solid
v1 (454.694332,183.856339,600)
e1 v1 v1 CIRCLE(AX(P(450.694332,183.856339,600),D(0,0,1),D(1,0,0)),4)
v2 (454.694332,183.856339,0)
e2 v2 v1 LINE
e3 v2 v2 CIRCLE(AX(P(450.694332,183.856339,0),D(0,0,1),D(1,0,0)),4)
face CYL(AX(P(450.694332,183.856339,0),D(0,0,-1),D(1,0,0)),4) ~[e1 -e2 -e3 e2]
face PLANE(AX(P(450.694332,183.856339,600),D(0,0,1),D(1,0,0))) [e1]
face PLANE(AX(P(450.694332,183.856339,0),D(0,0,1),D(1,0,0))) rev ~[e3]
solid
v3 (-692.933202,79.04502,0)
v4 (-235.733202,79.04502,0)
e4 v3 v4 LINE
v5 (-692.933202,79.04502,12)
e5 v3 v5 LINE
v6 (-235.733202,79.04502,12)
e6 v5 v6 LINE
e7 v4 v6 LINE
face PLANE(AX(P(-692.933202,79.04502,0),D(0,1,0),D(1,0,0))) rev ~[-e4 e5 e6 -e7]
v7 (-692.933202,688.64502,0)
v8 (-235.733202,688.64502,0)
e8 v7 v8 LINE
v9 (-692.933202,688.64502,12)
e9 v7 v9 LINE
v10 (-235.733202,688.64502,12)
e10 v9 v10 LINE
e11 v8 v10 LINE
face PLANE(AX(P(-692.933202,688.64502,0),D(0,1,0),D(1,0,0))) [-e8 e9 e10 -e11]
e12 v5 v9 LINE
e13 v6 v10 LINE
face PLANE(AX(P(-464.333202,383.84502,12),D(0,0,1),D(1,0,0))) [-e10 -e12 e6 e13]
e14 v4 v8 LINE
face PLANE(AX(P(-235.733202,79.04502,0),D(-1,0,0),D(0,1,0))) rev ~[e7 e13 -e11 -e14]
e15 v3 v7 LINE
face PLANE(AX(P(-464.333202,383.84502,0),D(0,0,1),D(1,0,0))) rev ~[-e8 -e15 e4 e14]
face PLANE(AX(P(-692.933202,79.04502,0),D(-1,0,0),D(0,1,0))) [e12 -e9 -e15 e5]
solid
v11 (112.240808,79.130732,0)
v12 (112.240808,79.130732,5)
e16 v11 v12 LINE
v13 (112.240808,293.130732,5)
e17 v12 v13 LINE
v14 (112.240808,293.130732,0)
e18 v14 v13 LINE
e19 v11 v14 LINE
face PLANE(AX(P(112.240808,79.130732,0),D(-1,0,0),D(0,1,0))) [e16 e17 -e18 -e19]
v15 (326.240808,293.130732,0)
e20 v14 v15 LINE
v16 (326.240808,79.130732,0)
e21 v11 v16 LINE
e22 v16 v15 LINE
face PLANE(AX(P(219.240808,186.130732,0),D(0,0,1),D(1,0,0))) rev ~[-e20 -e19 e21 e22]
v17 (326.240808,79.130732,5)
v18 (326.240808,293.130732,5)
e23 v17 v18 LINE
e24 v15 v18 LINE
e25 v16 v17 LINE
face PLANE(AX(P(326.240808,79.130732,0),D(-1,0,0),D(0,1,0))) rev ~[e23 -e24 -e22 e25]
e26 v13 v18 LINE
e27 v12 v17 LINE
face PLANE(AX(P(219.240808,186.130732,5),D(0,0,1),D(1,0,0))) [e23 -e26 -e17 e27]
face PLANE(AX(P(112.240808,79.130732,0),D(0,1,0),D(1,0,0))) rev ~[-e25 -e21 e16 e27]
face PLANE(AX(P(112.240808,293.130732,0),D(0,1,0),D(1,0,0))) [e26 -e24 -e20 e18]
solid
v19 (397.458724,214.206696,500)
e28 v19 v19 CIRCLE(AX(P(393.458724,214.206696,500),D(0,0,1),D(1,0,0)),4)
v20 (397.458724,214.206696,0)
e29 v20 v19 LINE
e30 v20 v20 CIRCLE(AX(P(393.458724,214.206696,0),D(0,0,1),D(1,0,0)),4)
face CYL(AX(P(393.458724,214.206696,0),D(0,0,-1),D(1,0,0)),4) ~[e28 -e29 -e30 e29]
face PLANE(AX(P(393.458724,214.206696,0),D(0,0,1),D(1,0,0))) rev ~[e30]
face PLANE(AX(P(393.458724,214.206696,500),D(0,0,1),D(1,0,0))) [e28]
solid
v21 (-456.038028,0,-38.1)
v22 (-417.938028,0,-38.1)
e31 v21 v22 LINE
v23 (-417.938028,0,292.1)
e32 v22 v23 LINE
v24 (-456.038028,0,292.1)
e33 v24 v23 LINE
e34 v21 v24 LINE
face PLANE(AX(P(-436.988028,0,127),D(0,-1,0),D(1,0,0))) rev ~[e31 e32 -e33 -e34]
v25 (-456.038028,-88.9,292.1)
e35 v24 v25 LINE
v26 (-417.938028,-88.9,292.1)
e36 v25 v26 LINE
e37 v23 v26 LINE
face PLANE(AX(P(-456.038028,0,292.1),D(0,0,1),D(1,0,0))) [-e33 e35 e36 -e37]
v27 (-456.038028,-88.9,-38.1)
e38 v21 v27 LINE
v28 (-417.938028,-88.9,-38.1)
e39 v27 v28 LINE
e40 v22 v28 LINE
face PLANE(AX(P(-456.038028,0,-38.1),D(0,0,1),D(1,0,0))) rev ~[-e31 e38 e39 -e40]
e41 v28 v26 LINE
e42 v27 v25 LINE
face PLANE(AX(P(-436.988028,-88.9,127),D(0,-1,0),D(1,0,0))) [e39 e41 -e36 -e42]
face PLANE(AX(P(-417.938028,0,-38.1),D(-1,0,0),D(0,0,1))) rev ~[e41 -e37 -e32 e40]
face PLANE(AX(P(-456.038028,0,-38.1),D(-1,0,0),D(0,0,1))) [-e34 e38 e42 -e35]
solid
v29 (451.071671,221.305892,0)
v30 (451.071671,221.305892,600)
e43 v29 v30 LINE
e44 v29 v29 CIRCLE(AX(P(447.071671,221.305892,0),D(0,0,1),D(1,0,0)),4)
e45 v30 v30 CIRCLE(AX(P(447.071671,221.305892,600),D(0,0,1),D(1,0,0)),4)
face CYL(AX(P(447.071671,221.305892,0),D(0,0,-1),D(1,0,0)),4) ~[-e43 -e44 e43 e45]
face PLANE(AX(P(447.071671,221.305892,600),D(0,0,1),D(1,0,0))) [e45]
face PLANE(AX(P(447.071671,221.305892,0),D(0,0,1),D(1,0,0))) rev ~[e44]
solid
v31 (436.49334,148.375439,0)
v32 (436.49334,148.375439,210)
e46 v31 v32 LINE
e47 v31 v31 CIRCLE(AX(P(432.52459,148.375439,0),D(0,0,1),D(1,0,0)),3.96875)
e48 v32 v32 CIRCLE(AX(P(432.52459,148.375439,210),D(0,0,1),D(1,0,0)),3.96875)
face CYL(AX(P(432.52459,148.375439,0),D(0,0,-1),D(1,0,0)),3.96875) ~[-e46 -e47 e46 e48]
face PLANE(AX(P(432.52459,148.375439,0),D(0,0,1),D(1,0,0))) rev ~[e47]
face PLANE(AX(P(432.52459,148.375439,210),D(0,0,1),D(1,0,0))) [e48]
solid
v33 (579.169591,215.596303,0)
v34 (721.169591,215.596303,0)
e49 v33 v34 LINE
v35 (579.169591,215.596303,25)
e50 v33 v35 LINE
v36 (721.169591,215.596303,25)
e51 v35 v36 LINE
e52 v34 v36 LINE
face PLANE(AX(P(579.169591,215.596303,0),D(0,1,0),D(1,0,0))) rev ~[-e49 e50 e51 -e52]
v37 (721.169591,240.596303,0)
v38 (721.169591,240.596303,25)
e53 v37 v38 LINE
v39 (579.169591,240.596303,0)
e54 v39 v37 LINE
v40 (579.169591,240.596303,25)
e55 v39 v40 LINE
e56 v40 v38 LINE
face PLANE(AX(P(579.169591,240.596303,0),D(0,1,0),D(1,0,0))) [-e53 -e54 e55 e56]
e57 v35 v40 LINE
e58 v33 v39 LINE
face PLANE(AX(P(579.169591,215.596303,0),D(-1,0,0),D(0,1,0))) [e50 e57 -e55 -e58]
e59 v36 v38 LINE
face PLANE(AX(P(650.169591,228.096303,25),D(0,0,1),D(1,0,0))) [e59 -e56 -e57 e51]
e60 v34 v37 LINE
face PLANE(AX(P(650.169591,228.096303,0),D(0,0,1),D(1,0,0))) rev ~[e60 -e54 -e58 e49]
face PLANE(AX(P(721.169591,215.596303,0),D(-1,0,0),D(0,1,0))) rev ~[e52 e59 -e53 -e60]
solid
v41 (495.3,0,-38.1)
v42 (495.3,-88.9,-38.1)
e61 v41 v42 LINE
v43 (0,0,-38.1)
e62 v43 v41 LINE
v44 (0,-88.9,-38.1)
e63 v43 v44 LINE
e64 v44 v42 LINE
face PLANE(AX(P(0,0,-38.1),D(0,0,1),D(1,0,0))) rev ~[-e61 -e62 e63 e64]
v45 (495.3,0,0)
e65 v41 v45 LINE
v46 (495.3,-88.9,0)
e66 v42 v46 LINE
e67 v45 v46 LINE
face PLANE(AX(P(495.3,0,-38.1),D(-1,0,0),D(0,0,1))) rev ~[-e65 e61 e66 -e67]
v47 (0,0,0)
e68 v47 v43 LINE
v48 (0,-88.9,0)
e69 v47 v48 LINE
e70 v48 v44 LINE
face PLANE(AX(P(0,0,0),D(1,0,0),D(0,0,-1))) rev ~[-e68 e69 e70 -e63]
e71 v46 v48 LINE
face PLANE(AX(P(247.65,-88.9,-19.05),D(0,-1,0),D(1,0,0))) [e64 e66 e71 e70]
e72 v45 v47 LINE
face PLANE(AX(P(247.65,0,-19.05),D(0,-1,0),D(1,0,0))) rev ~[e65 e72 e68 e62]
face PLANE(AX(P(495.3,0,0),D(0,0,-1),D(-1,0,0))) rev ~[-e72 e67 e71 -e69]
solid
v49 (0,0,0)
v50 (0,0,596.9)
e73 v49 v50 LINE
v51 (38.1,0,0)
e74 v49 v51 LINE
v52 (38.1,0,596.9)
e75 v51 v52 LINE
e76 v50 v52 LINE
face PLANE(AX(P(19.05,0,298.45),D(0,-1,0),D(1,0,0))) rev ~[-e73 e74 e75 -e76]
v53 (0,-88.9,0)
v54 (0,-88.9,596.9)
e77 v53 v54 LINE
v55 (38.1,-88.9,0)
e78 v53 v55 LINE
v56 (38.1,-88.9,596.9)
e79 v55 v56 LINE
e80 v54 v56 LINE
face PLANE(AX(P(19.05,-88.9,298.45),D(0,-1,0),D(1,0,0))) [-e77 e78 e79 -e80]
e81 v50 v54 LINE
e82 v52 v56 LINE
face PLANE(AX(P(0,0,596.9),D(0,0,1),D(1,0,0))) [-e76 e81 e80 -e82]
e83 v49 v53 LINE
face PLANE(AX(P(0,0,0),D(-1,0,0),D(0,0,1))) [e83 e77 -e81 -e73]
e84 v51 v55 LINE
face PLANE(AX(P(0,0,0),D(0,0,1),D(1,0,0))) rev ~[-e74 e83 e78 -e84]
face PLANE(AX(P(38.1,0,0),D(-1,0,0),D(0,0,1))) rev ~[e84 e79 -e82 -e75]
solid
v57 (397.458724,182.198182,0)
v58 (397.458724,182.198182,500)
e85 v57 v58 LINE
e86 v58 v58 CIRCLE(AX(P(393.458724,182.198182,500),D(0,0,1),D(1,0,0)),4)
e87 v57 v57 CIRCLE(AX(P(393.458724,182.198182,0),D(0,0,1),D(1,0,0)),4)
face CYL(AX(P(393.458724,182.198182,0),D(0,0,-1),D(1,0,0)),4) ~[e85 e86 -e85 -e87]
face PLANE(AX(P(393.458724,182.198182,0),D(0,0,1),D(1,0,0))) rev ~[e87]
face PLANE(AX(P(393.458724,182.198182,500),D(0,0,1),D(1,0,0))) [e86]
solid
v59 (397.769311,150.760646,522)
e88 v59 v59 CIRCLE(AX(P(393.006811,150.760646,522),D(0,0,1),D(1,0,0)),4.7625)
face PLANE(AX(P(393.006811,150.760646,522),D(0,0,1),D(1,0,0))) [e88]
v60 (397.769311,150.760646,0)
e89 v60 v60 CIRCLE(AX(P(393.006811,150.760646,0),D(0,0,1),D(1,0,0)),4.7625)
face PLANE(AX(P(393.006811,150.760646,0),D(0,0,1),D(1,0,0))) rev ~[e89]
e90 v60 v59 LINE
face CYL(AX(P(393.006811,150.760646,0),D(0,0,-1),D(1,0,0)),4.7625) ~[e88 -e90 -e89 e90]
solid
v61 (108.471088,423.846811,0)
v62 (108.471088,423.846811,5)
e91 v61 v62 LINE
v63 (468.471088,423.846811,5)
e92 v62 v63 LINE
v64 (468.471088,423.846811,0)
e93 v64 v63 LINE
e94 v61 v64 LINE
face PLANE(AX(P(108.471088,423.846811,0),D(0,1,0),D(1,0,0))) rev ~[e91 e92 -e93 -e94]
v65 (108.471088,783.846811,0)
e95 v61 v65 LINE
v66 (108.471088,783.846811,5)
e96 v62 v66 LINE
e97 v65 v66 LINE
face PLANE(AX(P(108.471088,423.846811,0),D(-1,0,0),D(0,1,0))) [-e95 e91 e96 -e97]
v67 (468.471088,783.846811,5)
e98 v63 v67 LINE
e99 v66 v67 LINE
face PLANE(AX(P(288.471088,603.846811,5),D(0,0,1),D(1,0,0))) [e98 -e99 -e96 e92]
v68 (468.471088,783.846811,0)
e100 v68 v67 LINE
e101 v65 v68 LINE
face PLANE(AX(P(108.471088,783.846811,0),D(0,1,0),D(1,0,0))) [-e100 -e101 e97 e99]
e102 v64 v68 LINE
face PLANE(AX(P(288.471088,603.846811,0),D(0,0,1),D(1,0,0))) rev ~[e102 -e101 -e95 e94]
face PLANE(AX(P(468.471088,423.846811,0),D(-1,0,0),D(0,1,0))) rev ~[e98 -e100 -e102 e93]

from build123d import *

# Parameters (mm, degrees)
F0_W      = 38.1
F0_H      = 596.9
F1_DEPTH  = 88.9
F2_DEPTH  = 88.9
F3_W      = 214
F3_H      = 214
F4_DEPTH  = 5
F3_R      = 4
F5_DEPTH  = 500
F6_DEPTH  = 500
F3_W_2    = 360
F3_H_2    = 360
F7_DEPTH  = 5
F3_R_2    = 4.7625
F8_DEPTH  = 522
F9_DEPTH  = 600
F3_R_3    = 3.96875
F10_DEPTH = 210
F11_DEPTH = 600
F3_W_3    = 457.2
F3_H_3    = 609.6
F12_DEPTH = 12
F3_W_4    = 142
F3_H_4    = 25
F13_DEPTH = 25
F0_H_2    = 330.2
F14_DEPTH = 88.9


with BuildPart() as f1:
    # F0 (on Front) → F1 (new body)
    with BuildSketch(Plane.XZ):
        with Locations((19.05, 298.45)):
            Rectangle(F0_W, F0_H)
    extrude(amount=F1_DEPTH)


with BuildPart() as f2:
    # F0 (on Front) → F2 (new body)
    with BuildSketch(Plane.XZ):
        Polygon((38.1, 0), (0, 0), (0, -38.1), (495.3, -38.1), (495.3, 0), align=None)
    extrude(amount=F2_DEPTH)


with BuildPart() as f4:
    # F3 (on Top) → F4 (new body)
    with BuildSketch(Plane.XY):
        with Locations((219.240808, 186.130732)):
            Rectangle(F3_W, F3_H)
    extrude(amount=F4_DEPTH)


with BuildPart() as f5:
    # F3 (on Top) → F5 (new body)
    with BuildSketch(Plane.XY):
        with Locations((393.458724, 214.206696)):
            Circle(F3_R)
    extrude(amount=F5_DEPTH)


with BuildPart() as f6:
    # F3 (on Top) → F6 (new body)
    with BuildSketch(Plane.XY):
        with Locations((393.458724, 182.198182)):
            Circle(F3_R)
    extrude(amount=F6_DEPTH)


with BuildPart() as f7:
    # F3 (on Top) → F7 (new body)
    with BuildSketch(Plane.XY):
        with Locations((288.471088, 603.846811)):
            Rectangle(F3_W_2, F3_H_2)
    extrude(amount=F7_DEPTH)


with BuildPart() as f8:
    # F3 (on Top) → F8 (new body)
    with BuildSketch(Plane.XY):
        with Locations((393.006811, 150.760646)):
            Circle(F3_R_2)
    extrude(amount=F8_DEPTH)


with BuildPart() as f9:
    # F3 (on Top) → F9 (new body)
    with BuildSketch(Plane.XY):
        with Locations((450.694332, 183.856339)):
            Circle(F3_R)
    extrude(amount=F9_DEPTH)


with BuildPart() as f10:
    # F3 (on Top) → F10 (new body)
    with BuildSketch(Plane.XY):
        with Locations((432.52459, 148.375439)):
            Circle(F3_R_3)
    extrude(amount=F10_DEPTH)


with BuildPart() as f11:
    # F3 (on Top) → F11 (new body)
    with BuildSketch(Plane.XY):
        with Locations((447.071671, 221.305892)):
            Circle(F3_R)
    extrude(amount=F11_DEPTH)


with BuildPart() as f12:
    # F3 (on Top) → F12 (new body)
    with BuildSketch(Plane.XY):
        with Locations((-464.333202, 383.84502)):
            Rectangle(F3_W_3, F3_H_3)
    extrude(amount=F12_DEPTH)


with BuildPart() as f13:
    # F3 (on Top) → F13 (new body)
    with BuildSketch(Plane.XY):
        with Locations((650.169591, 228.096303)):
            Rectangle(F3_W_4, F3_H_4)
    extrude(amount=F13_DEPTH)


with BuildPart() as f14:
    # F0 (on Front) → F14 (new body)
    with BuildSketch(Plane.XZ):
        with Locations((-436.988028, 127)):
            Rectangle(F0_W, F0_H_2)
    extrude(amount=F14_DEPTH)


solid = Compound([f1.part, f2.part, f4.part, f5.part, f6.part, f7.part, f8.part, f9.part, f10.part, f11.part, f12.part, f13.part, f14.part])
